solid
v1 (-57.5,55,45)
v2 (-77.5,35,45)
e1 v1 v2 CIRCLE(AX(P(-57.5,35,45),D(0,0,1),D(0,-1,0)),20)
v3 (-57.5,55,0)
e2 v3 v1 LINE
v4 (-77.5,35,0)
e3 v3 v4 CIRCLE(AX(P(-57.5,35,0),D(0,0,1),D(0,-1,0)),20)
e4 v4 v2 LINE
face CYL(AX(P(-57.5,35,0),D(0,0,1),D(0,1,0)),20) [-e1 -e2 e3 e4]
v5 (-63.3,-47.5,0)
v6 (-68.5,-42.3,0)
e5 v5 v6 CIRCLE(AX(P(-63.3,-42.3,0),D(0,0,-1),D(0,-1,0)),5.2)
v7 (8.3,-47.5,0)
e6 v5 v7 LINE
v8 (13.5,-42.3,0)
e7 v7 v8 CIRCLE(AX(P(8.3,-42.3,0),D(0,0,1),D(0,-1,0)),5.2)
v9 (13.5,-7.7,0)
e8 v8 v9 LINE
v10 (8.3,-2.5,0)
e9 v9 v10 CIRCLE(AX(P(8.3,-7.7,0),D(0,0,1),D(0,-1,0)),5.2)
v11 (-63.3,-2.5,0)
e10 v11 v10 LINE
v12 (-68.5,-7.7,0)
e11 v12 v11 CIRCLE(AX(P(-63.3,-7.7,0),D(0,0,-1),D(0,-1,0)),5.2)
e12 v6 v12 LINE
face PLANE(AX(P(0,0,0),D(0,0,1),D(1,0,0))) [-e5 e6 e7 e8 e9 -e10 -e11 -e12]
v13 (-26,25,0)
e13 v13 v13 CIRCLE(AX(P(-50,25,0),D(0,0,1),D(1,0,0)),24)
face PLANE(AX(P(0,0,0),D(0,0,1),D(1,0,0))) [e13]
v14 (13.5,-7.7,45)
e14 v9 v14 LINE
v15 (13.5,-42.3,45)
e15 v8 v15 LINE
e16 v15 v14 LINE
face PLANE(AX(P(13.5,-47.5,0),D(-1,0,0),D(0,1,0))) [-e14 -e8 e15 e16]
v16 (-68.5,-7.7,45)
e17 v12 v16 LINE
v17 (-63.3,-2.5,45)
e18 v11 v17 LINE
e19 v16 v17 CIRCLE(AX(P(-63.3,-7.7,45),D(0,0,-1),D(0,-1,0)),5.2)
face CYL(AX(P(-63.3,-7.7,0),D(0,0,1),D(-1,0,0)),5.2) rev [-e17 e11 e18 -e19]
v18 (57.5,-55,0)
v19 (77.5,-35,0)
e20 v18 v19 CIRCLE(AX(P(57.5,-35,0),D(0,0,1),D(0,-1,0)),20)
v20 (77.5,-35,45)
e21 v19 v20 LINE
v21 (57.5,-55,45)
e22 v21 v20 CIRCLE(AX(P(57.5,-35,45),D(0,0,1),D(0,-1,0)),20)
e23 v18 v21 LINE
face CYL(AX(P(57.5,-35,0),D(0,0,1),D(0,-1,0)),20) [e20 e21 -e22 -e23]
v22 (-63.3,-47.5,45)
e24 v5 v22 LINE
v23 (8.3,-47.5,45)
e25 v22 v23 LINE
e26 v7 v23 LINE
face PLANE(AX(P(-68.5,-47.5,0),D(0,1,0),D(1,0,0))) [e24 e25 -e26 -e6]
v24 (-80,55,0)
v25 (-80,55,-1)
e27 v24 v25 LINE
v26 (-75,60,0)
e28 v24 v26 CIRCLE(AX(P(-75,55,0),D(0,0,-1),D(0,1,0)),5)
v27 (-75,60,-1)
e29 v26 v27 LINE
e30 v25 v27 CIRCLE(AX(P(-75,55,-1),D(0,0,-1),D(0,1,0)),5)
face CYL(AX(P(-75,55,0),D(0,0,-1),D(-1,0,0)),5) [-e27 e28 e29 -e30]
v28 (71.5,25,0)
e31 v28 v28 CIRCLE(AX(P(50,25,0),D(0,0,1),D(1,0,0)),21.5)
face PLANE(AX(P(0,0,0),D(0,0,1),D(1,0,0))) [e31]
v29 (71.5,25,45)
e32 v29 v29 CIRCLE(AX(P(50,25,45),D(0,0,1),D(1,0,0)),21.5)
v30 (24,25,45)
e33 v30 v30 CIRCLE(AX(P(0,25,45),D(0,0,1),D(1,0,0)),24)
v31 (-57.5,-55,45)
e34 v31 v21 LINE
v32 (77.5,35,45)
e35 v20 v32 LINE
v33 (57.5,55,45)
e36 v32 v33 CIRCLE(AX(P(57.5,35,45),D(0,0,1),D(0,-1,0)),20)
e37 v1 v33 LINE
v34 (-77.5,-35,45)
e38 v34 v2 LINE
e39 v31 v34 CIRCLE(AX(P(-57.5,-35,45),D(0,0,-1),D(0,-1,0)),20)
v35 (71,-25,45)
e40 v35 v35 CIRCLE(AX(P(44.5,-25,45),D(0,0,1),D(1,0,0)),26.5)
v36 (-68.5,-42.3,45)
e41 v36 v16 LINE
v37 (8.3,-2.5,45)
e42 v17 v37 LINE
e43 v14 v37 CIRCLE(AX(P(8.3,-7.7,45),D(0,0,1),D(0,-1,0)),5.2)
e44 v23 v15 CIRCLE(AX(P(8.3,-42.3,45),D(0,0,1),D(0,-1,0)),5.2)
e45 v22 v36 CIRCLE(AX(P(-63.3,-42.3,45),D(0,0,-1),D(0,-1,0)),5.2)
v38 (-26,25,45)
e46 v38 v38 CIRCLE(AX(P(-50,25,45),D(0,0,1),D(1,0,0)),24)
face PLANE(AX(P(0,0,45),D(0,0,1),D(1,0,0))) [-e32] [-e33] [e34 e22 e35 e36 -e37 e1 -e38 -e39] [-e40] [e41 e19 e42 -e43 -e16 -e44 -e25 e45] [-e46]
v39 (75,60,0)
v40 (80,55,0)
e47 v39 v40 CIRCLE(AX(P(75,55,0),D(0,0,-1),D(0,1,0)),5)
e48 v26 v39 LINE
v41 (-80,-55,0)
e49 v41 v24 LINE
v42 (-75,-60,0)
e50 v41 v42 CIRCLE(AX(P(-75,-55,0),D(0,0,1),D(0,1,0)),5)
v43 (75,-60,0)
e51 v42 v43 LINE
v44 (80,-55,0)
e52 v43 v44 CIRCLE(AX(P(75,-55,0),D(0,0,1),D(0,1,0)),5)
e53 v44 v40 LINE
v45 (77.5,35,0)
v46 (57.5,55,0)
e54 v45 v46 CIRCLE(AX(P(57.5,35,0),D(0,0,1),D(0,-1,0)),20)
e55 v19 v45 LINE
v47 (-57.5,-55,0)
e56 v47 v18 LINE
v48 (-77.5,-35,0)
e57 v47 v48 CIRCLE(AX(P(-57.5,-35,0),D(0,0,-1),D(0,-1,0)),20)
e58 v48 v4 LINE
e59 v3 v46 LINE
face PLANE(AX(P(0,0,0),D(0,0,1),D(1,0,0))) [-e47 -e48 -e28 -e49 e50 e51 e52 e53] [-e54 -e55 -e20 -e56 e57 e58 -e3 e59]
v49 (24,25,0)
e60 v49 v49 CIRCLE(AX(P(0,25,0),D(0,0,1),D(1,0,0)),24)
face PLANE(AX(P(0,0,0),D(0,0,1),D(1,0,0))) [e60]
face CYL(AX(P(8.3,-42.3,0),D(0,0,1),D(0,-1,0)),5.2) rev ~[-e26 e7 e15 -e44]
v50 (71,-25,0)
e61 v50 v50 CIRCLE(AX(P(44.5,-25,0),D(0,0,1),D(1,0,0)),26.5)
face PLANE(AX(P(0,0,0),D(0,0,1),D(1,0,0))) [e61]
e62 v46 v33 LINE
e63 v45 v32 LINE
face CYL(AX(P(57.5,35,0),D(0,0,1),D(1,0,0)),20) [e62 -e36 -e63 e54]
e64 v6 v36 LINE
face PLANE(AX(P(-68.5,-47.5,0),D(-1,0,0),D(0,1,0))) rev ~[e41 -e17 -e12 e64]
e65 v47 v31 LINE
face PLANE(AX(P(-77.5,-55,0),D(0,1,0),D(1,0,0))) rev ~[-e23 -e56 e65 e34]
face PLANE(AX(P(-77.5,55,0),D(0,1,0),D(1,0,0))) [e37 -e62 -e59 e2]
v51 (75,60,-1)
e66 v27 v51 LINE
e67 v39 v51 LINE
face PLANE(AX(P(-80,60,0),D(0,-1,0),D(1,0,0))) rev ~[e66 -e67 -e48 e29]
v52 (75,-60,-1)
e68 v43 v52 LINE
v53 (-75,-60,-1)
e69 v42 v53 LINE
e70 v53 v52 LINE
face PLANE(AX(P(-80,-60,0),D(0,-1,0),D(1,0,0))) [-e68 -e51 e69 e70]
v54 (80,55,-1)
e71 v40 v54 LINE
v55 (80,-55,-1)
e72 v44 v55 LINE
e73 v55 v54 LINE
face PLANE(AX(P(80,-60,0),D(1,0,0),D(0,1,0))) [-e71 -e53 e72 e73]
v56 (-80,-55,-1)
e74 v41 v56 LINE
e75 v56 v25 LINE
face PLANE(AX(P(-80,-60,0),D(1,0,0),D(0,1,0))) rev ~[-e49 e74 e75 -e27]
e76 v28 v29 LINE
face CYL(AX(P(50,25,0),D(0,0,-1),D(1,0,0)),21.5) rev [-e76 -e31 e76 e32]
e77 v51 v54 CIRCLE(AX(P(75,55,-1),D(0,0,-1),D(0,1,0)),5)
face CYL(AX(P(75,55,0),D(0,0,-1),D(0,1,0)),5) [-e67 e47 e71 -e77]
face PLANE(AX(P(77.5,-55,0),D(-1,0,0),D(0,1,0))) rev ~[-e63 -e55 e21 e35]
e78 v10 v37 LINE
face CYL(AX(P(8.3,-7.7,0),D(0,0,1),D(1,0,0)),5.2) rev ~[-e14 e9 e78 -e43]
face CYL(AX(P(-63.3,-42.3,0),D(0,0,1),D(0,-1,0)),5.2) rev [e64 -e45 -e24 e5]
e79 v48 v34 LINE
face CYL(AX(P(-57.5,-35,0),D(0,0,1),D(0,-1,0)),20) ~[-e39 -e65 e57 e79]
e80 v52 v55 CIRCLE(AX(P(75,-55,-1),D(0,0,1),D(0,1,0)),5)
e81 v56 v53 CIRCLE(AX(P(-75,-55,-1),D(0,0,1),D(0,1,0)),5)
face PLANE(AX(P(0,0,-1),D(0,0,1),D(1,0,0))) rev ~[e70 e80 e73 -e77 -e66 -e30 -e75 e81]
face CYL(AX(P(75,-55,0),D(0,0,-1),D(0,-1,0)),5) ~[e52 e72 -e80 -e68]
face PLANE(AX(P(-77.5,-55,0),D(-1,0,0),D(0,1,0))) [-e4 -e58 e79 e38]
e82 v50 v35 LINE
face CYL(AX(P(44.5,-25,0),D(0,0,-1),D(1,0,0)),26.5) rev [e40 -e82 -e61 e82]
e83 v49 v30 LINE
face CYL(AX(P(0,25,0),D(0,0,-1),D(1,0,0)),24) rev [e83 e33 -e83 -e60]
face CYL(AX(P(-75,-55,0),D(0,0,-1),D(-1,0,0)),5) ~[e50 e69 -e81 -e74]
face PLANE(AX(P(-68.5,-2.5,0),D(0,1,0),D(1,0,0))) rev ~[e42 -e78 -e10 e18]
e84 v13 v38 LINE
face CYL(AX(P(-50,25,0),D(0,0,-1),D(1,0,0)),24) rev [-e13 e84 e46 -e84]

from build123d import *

# Parameters (mm, degrees)
F0_W     = 155
F0_H     = 110
F0_W_2   = 82
F0_H_2   = 45
F0_R     = 26.5
F0_R_2   = 24
F0_R_3   = 21.5
F1_DEPTH = 45
F2_W     = 160
F2_H     = 120
F2_W_2   = 155
F2_H_2   = 110
F3_DEPTH = 1
F4_R     = 5
F5_R     = 20
F6_R     = 5.2


with BuildPart() as f1:
    # F0 (on Top) → F1 (new body)
    with BuildSketch(Plane.XY):
        Rectangle(F0_W, F0_H)
        with Locations((-27.5, -25)):
            Rectangle(F0_W_2, F0_H_2, mode=Mode.SUBTRACT)
        with Locations((44.5, -25)):
            Circle(F0_R, mode=Mode.SUBTRACT)
        with Locations((-50, 25)):
            Circle(F0_R_2, mode=Mode.SUBTRACT)
        with Locations((0, 25)):
            Circle(F0_R_2, mode=Mode.SUBTRACT)
        with Locations((50, 25)):
            Circle(F0_R_3, mode=Mode.SUBTRACT)
    extrude(amount=F1_DEPTH)

    # F2 (on face) + F0 (on Top) → F3 (join)
    with BuildSketch(Plane.XY):
        Rectangle(F2_W, F2_H)
        Rectangle(F2_W_2, F2_H_2, mode=Mode.SUBTRACT)
    with BuildSketch(Plane.XY):
        Rectangle(F0_W, F0_H)
        with Locations((-27.5, -25)):
            Rectangle(F0_W_2, F0_H_2, mode=Mode.SUBTRACT)
        with Locations((44.5, -25)):
            Circle(F0_R, mode=Mode.SUBTRACT)
        with Locations((-50, 25)):
            Circle(F0_R_2, mode=Mode.SUBTRACT)
        with Locations((0, 25)):
            Circle(F0_R_2, mode=Mode.SUBTRACT)
        with Locations((50, 25)):
            Circle(F0_R_3, mode=Mode.SUBTRACT)
        with Locations((-27.5, -25)):
            Rectangle(F0_W_2, F0_H_2)
        with Locations((44.5, -25)):
            Circle(F0_R)
        with Locations((0, 25)):
            Circle(F0_R_2)
        with Locations((-50, 25)):
            Circle(F0_R_2)
        with Locations((50, 25)):
            Circle(F0_R_3)
    extrude(amount=-F3_DEPTH)

    # F4
    f4_edges = [f1.edges().sort_by_distance(p)[0] for p in [
        (-80, -60, -0.5),
        (-80, 60, -0.5),
        (80, 60, -0.5),
        (80, -60, -0.5),
    ]]
    fillet(f4_edges, radius=F4_R)

    # F5
    f5_edges = [f1.edges().sort_by_distance(p)[0] for p in [
        (77.5, -55, 22.5),
        (-77.5, -55, 22.5),
        (-77.5, 55, 22.5),
        (77.5, 55, 22.5),
    ]]
    fillet(f5_edges, radius=F5_R)

    # F6
    f6_edges = [f1.edges().sort_by_distance(p)[0] for p in [
        (-68.5, -47.5, 22.5),
        (-68.5, -2.5, 22.5),
        (13.5, -2.5, 22.5),
        (13.5, -47.5, 22.5),
    ]]
    fillet(f6_edges, radius=F6_R)


solid = f1.part
